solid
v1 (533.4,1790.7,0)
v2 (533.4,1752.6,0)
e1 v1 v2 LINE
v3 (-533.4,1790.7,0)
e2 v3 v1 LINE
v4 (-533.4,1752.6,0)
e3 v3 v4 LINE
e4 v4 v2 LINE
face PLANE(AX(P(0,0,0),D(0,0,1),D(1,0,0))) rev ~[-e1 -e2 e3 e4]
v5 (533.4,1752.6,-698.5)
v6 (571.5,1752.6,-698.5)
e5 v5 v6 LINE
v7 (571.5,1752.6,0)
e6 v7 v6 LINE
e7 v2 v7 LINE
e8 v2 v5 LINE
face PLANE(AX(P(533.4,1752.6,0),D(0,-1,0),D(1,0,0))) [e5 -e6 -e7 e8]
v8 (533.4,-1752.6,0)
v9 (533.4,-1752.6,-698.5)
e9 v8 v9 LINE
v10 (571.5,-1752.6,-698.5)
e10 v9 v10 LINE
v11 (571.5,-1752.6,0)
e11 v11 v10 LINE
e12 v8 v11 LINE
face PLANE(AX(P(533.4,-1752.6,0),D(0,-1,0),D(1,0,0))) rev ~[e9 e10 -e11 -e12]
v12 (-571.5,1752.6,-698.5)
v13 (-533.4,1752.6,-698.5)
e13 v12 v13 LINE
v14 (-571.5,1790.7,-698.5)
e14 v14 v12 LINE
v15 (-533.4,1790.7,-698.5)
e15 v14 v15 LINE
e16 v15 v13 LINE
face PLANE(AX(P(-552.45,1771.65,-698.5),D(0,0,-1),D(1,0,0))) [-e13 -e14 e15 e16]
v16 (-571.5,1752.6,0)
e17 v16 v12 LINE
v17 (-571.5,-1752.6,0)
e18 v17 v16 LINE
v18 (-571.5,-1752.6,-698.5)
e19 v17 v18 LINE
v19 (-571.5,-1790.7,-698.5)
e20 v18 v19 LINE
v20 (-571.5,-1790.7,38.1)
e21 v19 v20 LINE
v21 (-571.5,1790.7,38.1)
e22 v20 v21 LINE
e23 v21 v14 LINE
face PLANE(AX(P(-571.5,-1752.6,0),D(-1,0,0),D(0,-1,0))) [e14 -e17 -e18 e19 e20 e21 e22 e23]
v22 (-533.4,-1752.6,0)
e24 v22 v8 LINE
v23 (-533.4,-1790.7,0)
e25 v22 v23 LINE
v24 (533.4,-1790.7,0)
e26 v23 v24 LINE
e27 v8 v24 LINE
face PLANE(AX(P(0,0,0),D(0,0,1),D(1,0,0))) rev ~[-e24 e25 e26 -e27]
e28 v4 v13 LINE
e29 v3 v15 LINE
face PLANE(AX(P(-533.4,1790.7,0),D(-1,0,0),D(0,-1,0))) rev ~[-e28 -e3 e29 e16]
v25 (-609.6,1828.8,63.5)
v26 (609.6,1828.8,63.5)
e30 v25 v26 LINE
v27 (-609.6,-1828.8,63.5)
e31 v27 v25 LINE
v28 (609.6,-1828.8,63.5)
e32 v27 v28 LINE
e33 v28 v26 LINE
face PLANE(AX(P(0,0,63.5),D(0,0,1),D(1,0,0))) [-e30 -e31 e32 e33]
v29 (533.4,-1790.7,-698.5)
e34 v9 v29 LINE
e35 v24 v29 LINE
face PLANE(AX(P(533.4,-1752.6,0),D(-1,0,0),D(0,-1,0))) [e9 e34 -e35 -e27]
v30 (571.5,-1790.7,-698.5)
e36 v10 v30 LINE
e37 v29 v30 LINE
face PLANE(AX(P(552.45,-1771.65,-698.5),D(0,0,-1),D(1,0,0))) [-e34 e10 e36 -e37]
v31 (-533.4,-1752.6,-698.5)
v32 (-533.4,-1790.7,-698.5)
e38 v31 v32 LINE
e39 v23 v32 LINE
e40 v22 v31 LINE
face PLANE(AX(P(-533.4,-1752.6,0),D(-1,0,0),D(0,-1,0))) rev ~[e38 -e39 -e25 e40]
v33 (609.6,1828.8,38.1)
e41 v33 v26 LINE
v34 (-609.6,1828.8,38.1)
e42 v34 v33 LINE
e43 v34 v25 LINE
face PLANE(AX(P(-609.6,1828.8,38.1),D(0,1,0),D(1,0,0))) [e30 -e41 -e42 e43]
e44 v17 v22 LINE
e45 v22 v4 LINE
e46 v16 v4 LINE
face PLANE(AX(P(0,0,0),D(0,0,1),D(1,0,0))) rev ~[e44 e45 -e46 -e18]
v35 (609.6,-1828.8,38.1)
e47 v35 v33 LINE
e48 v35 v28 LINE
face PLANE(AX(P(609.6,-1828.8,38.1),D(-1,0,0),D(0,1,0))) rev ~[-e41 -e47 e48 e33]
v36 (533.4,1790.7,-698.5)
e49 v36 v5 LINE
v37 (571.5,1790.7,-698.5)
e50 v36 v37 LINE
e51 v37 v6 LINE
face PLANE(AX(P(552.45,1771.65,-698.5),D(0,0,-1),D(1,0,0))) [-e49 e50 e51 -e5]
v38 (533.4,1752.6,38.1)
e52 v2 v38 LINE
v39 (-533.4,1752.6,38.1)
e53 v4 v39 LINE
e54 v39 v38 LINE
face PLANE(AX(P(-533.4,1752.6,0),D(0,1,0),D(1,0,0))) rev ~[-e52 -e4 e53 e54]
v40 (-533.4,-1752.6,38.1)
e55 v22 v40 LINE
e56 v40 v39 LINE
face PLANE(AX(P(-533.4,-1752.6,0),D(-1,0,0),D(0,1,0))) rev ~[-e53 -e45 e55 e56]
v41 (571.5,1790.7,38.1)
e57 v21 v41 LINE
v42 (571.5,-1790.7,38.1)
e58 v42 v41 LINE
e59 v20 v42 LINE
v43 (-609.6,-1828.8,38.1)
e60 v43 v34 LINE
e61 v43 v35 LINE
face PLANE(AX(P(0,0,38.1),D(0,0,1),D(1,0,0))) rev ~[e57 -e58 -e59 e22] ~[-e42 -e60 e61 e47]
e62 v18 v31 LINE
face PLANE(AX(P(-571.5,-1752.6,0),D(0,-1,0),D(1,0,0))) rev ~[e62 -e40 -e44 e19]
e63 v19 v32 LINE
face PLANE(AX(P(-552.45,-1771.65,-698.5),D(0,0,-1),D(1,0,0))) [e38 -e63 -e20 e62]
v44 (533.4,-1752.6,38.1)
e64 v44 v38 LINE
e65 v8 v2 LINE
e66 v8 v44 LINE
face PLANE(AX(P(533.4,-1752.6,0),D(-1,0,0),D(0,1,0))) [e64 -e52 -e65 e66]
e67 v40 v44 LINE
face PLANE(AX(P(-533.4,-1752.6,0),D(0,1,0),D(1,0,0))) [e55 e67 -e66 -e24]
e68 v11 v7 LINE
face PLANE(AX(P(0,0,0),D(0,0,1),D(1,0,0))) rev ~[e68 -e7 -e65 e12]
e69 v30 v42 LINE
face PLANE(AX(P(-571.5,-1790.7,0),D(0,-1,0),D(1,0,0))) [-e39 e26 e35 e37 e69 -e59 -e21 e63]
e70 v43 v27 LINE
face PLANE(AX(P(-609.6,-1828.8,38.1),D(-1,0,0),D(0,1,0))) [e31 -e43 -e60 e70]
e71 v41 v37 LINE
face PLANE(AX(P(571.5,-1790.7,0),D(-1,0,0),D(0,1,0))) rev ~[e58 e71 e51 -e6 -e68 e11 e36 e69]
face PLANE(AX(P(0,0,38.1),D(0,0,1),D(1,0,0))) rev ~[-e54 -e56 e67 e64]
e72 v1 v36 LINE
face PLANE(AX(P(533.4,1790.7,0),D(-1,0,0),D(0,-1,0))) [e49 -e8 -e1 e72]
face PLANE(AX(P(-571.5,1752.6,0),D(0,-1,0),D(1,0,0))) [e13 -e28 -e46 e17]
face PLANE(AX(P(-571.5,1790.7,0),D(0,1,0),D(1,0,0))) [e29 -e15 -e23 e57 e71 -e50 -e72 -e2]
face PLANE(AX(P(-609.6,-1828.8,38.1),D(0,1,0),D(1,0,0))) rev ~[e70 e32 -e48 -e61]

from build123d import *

# Parameters (mm, degrees)
F0_W     = 1143
F0_H     = 3581.4
F0_W_2   = 1066.8
F0_H_2   = 3505.2
F1_DEPTH = 38.1
F2_W     = 38.1
F2_H     = 38.1
F3_DEPTH = 698.5
F4_W     = 1219.2
F4_H     = 3657.6
F5_DEPTH = 25.4


with BuildPart() as f1:
    # F0 (on Top) → F1 (new body)
    with BuildSketch(Plane.XY):
        Rectangle(F0_W, F0_H)
        Rectangle(F0_W_2, F0_H_2, mode=Mode.SUBTRACT)
    extrude(amount=F1_DEPTH)

    # F2 (on face) → F3 (join)
    with BuildSketch(Plane(origin=(0, 0, 0), x_dir=(1, 0, 0), z_dir=(0, 0, -1))):
        with Locations((-552.45, 1771.65)):
            Rectangle(F2_W, F2_H)
        with Locations((552.45, 1771.65)):
            Rectangle(F2_W, F2_H)
        with Locations((-552.45, -1771.65)):
            Rectangle(F2_W, F2_H)
        with Locations((552.45, -1771.65)):
            Rectangle(F2_W, F2_H)
    extrude(amount=F3_DEPTH)

    # F4 (on face) → F5 (join)
    with BuildSketch(Plane.XY.offset(38.1)):
        Rectangle(F4_W, F4_H)
    extrude(amount=F5_DEPTH)


solid = f1.part
